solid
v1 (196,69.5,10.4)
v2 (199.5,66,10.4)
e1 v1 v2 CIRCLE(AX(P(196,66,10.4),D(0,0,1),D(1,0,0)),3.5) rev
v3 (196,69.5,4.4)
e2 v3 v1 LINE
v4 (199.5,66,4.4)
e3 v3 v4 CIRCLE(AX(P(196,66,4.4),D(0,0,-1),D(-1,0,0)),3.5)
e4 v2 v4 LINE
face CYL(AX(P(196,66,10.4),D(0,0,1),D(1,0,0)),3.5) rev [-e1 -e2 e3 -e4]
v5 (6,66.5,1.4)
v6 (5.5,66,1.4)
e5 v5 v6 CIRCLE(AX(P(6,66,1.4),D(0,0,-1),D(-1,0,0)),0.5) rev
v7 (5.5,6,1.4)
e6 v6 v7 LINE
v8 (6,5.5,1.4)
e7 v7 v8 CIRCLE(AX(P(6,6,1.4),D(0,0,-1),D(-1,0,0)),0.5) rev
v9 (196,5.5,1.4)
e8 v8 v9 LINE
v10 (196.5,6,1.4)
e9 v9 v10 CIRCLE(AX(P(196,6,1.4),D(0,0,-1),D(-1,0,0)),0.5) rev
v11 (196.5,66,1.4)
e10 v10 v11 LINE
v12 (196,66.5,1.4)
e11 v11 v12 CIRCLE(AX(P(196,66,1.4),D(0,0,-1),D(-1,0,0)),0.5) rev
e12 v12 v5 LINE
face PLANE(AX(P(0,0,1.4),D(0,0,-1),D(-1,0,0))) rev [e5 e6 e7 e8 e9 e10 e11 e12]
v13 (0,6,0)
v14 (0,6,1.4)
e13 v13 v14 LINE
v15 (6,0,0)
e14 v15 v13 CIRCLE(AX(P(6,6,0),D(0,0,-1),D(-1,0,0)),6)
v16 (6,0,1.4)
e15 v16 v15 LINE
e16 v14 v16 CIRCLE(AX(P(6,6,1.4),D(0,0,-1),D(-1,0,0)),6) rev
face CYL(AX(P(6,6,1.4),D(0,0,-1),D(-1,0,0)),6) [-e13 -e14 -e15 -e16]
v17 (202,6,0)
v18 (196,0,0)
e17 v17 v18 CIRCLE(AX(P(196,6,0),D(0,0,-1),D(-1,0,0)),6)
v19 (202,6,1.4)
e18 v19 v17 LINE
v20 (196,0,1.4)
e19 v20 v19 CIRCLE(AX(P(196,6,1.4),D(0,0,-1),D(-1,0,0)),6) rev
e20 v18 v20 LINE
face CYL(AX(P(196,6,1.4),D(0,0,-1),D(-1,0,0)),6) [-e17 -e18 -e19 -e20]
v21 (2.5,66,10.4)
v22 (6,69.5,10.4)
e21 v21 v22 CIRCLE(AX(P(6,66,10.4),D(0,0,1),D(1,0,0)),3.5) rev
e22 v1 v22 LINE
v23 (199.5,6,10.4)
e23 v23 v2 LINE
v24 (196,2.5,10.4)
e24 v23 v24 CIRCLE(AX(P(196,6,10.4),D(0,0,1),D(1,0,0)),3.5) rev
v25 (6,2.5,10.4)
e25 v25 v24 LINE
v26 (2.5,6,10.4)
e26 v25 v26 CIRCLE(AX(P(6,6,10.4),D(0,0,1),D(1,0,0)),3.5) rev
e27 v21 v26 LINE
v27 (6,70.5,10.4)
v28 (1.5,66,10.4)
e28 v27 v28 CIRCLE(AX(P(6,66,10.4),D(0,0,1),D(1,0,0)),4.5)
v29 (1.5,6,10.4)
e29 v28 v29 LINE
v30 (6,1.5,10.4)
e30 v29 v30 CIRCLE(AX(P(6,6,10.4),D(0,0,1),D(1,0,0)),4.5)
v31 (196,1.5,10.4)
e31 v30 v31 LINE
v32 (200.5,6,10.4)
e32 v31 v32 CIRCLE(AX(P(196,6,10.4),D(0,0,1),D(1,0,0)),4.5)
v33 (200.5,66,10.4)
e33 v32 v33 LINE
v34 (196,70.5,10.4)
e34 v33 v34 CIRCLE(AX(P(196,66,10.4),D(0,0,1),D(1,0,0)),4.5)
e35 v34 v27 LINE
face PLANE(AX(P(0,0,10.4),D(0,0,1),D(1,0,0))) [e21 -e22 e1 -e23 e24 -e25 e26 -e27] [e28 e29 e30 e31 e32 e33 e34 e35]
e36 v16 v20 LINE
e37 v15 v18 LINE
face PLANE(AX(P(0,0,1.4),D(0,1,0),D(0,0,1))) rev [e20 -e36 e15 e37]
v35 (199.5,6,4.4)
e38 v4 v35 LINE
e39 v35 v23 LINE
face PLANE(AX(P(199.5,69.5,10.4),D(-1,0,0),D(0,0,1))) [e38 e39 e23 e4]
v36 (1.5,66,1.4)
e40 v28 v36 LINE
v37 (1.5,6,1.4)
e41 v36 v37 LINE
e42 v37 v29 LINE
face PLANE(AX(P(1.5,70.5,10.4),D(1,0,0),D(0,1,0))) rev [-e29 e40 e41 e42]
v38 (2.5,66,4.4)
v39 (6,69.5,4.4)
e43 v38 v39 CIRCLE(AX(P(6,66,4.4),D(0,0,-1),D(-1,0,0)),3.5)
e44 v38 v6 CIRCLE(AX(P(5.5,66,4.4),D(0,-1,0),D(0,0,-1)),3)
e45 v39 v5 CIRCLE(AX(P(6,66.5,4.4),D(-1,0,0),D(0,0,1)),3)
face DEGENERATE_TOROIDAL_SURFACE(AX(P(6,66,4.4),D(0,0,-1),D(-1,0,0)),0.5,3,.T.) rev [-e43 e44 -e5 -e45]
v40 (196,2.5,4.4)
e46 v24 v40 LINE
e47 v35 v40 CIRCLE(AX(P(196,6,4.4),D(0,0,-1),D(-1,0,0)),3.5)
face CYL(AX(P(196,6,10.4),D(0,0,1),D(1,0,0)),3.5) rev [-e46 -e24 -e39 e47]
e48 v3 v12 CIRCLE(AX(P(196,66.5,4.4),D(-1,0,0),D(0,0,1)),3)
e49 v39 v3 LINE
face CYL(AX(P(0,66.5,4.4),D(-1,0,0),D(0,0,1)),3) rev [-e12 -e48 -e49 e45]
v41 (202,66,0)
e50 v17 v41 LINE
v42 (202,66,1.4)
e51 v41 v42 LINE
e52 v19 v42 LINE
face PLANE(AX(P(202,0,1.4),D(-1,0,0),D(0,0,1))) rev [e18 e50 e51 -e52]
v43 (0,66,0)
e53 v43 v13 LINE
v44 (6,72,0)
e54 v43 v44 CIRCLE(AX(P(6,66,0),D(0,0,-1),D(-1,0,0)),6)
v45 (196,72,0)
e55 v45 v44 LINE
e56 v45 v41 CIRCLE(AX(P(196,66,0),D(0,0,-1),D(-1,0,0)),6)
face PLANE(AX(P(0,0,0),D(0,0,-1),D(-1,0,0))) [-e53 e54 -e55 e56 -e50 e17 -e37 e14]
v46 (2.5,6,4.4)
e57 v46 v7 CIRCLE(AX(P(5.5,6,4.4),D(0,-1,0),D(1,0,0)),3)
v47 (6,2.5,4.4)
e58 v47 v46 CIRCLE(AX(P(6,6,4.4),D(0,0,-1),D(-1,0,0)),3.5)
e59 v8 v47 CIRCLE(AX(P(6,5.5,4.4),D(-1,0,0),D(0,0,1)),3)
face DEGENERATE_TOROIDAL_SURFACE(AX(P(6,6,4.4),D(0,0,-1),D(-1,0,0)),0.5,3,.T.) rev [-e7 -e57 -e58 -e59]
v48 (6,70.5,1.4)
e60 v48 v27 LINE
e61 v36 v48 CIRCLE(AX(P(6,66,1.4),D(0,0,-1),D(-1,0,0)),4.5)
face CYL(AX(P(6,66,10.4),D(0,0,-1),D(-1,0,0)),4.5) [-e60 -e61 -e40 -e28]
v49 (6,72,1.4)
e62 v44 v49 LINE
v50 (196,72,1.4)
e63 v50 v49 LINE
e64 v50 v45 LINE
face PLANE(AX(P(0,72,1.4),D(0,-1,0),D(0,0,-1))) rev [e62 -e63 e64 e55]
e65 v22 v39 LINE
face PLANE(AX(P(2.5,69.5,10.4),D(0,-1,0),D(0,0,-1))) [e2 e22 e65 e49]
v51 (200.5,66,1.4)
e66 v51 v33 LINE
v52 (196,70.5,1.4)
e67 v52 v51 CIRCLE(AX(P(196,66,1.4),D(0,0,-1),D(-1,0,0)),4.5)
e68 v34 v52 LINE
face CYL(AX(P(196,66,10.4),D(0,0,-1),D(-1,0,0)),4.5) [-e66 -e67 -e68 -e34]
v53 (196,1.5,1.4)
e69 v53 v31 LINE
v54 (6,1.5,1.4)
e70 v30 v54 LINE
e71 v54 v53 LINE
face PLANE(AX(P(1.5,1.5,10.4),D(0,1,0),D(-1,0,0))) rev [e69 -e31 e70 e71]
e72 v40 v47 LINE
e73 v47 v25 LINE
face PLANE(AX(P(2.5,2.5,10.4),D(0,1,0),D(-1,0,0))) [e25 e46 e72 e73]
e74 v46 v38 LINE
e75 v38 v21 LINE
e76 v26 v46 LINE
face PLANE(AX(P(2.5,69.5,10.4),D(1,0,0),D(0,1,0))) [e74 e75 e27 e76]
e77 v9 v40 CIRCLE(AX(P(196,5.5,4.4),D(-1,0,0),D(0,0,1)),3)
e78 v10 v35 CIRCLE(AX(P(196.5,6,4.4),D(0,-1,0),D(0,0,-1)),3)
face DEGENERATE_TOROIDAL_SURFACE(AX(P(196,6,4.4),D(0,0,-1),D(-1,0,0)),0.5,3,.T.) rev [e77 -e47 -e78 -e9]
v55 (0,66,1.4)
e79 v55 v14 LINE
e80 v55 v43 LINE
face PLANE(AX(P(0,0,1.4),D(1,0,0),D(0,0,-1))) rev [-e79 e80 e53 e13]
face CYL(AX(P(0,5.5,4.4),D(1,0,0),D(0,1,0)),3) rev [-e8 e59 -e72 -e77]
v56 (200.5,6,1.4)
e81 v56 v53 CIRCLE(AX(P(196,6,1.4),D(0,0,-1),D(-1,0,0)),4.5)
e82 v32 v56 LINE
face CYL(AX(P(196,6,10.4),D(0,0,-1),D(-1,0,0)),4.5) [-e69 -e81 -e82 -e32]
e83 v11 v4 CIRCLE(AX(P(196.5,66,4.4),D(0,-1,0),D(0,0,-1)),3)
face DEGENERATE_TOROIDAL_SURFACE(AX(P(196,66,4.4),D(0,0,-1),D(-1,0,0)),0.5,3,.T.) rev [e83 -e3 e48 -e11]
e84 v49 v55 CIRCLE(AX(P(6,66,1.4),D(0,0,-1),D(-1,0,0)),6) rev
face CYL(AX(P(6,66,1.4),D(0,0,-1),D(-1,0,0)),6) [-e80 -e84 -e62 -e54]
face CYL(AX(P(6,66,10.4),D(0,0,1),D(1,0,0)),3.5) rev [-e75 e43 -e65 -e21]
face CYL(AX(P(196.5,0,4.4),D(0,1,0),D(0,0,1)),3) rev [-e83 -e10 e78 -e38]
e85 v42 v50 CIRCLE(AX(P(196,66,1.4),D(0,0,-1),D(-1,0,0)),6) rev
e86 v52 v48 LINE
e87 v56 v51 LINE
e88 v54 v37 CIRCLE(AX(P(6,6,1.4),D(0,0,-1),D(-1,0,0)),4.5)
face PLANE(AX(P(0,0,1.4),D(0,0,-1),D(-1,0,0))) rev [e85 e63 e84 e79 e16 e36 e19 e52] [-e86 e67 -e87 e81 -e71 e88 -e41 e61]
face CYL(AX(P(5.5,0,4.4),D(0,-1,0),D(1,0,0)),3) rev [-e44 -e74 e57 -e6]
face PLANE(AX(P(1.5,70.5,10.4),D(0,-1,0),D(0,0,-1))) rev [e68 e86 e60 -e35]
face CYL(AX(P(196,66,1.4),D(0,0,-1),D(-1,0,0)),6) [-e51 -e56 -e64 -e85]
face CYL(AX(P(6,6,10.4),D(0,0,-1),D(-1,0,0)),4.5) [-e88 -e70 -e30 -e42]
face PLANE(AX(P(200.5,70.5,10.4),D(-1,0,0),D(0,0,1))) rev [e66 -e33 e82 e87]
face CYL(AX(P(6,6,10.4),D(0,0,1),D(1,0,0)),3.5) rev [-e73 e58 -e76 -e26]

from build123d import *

# Parameters (mm, degrees)
SKETCH1_W           = 202
SKETCH1_H           = 72
BOSS_EXTRUDE1_DEPTH = 1.4
SKETCH2_W           = 199
SKETCH2_H           = 69
SKETCH2_W_2         = 197
SKETCH2_H_2         = 67
BOSS_EXTRUDE2_DEPTH = 9
FILLET1_R           = 3.5
FILLET2_R           = 4.5
FILLET3_R           = 6
FILLET4_R           = 3


with BuildPart() as part:
    # Sketch1 → Boss-Extrude1 (new body)
    with BuildSketch(Plane.XY):
        with Locations((101, 36)):
            Rectangle(SKETCH1_W, SKETCH1_H)
    extrude(amount=BOSS_EXTRUDE1_DEPTH)

    # Sketch2 → Boss-Extrude2 (add)
    with BuildSketch(Plane.XY.offset(1.4)):
        with Locations((101, 36)):
            Rectangle(SKETCH2_W, SKETCH2_H)
        with Locations((101, 36)):
            Rectangle(SKETCH2_W_2, SKETCH2_H_2, mode=Mode.SUBTRACT)
    extrude(amount=BOSS_EXTRUDE2_DEPTH)

    # Fillet1
    fillet1_edges = [part.edges().sort_by_distance(p)[0] for p in [
        (2.5, 2.5, 5.9),
        (199.5, 2.5, 5.9),
        (199.5, 69.5, 5.9),
        (2.5, 69.5, 5.9),
    ]]
    fillet(fillet1_edges, radius=FILLET1_R)

    # Fillet2
    fillet2_edges = [part.edges().sort_by_distance(p)[0] for p in [
        (1.5, 70.5, 5.9),
        (1.5, 1.5, 5.9),
        (200.5, 1.5, 5.9),
        (200.5, 70.5, 5.9),
    ]]
    fillet(fillet2_edges, radius=FILLET2_R)

    # Fillet3
    fillet3_edges = [part.edges().sort_by_distance(p)[0] for p in [
        (0, 72, 0.7),
        (202, 72, 0.7),
        (202, 0, 0.7),
        (0, 0, 0.7),
    ]]
    fillet(fillet3_edges, radius=FILLET3_R)

    # Fillet4
    fillet4_edges = [part.edges().sort_by_distance(p)[0] for p in [
        (101, 69.5, 1.4),
        (2.5, 36, 1.4),
        (101, 2.5, 1.4),
        (199.5, 36, 1.4),
        (198.474873734, 3.525126266, 1.4),
        (198.474873734, 68.474873734, 1.4),
        (3.525126266, 3.525126266, 1.4),
        (3.525126266, 68.474873734, 1.4),
    ]]
    fillet(fillet4_edges, radius=FILLET4_R)


solid = part.part
